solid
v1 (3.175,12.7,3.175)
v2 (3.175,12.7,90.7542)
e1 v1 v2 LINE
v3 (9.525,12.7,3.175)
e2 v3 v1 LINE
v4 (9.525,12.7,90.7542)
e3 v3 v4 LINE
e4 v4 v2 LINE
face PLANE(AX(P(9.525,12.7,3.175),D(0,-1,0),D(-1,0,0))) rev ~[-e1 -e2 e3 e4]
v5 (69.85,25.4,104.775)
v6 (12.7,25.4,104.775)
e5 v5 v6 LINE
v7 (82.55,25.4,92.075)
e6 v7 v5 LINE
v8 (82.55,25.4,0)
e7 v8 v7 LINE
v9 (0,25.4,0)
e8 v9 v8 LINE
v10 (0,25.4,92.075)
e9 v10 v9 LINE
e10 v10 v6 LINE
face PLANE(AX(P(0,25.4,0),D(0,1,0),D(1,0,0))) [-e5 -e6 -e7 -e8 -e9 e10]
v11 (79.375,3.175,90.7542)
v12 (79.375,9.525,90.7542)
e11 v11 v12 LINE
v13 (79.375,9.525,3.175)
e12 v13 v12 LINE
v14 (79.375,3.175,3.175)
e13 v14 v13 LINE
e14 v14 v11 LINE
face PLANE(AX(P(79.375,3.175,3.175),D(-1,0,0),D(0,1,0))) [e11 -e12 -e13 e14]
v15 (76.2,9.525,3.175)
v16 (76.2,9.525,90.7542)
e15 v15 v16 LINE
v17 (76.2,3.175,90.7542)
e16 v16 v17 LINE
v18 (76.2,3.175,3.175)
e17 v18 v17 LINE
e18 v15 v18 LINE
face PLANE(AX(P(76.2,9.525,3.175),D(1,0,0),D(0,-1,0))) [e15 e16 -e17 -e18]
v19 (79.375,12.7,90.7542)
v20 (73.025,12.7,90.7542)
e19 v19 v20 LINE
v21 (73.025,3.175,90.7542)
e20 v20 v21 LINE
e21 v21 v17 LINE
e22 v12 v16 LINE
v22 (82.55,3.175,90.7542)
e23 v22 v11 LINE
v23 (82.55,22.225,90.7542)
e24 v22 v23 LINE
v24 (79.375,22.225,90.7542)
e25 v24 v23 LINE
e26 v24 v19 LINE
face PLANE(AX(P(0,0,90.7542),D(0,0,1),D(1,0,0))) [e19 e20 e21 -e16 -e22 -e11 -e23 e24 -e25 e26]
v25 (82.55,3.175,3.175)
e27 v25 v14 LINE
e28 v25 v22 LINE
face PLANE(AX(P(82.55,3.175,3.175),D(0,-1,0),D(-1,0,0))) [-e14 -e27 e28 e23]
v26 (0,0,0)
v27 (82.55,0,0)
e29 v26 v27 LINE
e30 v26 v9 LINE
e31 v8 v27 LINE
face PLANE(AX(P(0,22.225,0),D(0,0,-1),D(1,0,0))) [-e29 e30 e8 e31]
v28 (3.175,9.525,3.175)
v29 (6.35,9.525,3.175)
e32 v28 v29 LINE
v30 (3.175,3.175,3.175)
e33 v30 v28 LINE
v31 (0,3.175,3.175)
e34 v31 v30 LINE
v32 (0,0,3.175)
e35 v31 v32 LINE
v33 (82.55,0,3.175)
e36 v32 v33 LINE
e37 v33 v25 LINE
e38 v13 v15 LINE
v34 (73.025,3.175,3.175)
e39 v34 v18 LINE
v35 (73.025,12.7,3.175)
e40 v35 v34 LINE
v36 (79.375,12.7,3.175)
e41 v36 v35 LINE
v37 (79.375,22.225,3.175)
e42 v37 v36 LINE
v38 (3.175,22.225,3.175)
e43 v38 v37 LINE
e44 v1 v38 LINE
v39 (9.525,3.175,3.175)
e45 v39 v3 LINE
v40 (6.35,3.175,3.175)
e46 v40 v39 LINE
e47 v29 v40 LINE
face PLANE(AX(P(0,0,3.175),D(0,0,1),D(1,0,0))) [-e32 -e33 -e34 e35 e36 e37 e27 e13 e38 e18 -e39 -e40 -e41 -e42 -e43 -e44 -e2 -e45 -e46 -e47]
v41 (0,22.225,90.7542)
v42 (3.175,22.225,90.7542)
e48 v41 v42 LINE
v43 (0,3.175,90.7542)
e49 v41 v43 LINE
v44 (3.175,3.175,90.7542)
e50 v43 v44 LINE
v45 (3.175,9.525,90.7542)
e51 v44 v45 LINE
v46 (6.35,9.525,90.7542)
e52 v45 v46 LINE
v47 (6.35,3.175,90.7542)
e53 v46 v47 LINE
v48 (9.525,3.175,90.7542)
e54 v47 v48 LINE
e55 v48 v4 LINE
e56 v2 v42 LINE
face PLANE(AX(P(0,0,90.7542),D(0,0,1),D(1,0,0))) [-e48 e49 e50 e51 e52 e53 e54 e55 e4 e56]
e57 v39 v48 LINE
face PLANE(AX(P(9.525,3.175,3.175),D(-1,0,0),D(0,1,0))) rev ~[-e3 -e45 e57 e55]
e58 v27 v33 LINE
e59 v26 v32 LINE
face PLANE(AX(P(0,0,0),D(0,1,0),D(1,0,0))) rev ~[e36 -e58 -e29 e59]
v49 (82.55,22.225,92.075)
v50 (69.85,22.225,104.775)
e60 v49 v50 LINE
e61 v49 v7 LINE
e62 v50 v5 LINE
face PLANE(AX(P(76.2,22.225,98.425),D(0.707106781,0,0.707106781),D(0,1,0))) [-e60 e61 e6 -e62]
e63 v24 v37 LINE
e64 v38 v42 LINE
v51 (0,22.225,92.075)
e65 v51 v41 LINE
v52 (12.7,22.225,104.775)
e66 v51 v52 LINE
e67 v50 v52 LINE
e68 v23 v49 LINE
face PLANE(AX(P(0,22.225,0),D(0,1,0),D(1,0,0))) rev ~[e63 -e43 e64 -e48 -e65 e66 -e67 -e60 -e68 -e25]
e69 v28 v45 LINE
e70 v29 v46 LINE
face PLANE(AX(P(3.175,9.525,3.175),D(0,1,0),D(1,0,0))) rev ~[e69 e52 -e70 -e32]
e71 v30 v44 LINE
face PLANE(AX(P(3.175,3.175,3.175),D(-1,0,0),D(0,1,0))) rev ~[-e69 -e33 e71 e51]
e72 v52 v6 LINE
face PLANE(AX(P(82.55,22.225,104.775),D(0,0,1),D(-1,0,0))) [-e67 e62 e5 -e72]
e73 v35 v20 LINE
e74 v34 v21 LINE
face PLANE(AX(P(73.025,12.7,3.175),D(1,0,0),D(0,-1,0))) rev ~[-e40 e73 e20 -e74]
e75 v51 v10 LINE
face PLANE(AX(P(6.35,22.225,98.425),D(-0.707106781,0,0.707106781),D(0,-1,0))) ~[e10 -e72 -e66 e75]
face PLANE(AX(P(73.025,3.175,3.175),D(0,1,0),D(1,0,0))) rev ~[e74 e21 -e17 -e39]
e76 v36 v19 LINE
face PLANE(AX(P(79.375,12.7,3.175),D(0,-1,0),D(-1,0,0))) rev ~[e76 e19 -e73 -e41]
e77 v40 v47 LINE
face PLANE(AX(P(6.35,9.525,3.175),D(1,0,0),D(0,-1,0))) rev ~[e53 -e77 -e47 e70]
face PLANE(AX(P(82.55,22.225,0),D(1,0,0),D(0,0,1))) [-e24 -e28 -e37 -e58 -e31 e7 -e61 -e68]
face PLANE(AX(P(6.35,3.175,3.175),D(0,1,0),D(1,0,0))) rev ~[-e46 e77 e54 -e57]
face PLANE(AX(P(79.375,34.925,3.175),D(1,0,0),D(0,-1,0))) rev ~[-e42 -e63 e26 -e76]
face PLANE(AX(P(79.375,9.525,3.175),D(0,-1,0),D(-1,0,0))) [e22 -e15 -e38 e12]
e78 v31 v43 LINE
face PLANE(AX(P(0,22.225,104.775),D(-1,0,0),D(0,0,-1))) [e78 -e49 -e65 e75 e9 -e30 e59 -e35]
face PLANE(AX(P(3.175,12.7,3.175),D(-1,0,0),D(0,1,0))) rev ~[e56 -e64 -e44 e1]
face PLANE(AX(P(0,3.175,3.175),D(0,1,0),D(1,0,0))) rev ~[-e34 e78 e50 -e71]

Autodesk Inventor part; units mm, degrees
ref_plane "YZ Plane" through (0, 0, 0) normal (1, 0, 0) x (0, 1, 0)
ref_plane "XZ Plane" through (0, 0, 0) normal (0, 1, 0) x (-1, 0, 0)
ref_plane "XY Plane" through (0, 0, 0) normal (0, 0, 1) x (1, 0, 0)
sketch "Sketch5" plane through (0, 0, 0) normal (0, 0, 1) x (1, 0, 0)
  line L0 (0, 0) -> (82.55, 0)
  line L1 (82.55, 0) -> (82.55, 38.1)
  line L2 (82.55, 38.1) -> (0, 38.1)
  line L3 (0, 38.1) -> (0, 0)
  dimension "d41" = 82.55
  dimension "d42" = 38.1
extrude "Extrusion5" add sketch "Sketch5" along normal blind 3.175
sketch "Sketch6" plane through (0, 0, 3.175) normal (0, 0, 1) x (1, 0, 0)
  line L0 (0, 0) -> (82.55, 0) projected
  line L1 (82.55, 0) -> (82.55, 38.1) projected
  line L2 (82.55, 38.1) -> (0, 38.1) projected
  line L3 (0, 38.1) -> (0, 0) projected
  line L4 (0, 38.1) -> (0, 0) projected
  line L5 (79.375, 3.175) -> (79.375, 9.525)
  line L6 (79.375, 9.525) -> (76.2, 9.525)
  line L7 (76.2, 9.525) -> (76.2, 3.175)
  line L8 (3.175, 3.175) -> (3.175, 9.525)
  line L9 (3.175, 9.525) -> (6.35, 9.525)
  line L10 (6.35, 9.525) -> (6.35, 3.175)
  line L11 (6.35, 3.175) -> (9.525, 3.175)
  line L12 (9.525, 3.175) -> (9.525, 12.7)
  line L13 (9.525, 12.7) -> (3.175, 12.7)
  line L14 (3.175, 12.7) -> (3.175, 34.925)
  line L15 (3.175, 34.925) -> (79.375, 34.925)
  line L16 (79.375, 34.925) -> (79.375, 12.7)
  line L17 (79.375, 12.7) -> (73.025, 12.7)
  line L18 (73.025, 12.7) -> (73.025, 3.175)
  line L19 (6.35, 3.175) -> (9.525, 3.175)
  line L20 (73.025, 3.175) -> (76.2, 3.175)
  line L21 (0, 38.1) -> (82.55, 38.1)
  line L22 (82.55, 38.1) -> (82.55, 0)
  line L23 (0, 0) -> (0, 38.1)
  line L24 (82.55, 0) -> (82.55, 3.175)
  line L25 (82.55, 0) -> (82.55, 38.1) projected
  line L26 (82.55, 3.175) -> (79.375, 3.175)
  line L27 (0, 0) -> (0, 3.175)
  line L28 (0, 3.175) -> (3.175, 3.175)
  point P0 (3.175, 0)
  dimension "d47" = 6.35
  dimension "d48" = 3.175
  dimension "d51" = 3.175
  dimension "d52" = 3.175
  dimension "d53" = 9.525
  dimension "d54" = 6.35
  dimension "d55" = 22.225
  dimension "d56" = 6.35
  dimension "d61" = 3.175
  dimension "d62" = 3.175
extrude "Extrusion7" add sketch "Sketch6" along normal blind 87.5792 contours L3 L2 L1 L26 L5 L6 L7 L20 L18 L17 L16 L15 L14 L13 L12 L11 L10 L9 L8 L28
sketch "Sketch7" plane through (0, 0, 0) normal (0, 0, -1) x (-1, 0, 0)
  line L0 (0, 0) -> (0, 22.225)
  line L1 (0, 38.1) -> (0, 0) projected
  line L2 (0, 22.225) -> (-82.55, 22.225)
  line L3 (-82.55, 0) -> (-82.55, 38.1) projected
  line L4 (-82.55, 22.225) -> (0, 22.225)
  line L5 (0, 22.225) -> (0, 38.1)
  line L6 (0, 38.1) -> (-82.55, 38.1)
  line L7 (-82.55, 38.1) -> (-82.55, 22.225)
  dimension "d63" = 22.225
extrude "Extrusion8" cut sketch "Sketch7" against normal up to next
sketch "Sketch8" plane through (0, 22.225, 0) normal (0, 1, 0) x (1, 0, 0)
  line L0 (0, 0) -> (82.55, 0) projected
  line L1 (0, 0) -> (82.55, 0)
  line L2 (82.55, -104.775) -> (0, -104.775)
  line L3 (0, -104.775) -> (0, 0)
  line L4 (82.55, 0) -> (82.55, -104.775)
  dimension "d66" = 104.775
extrude "Extrusion9" add sketch "Sketch8" along normal blind 3.175
chamfer "Chamfer2" distance 12.7 angle 45 2 edges at (82.55, 23.8125, 104.775) (0, 23.8125, 104.775)
properties part number "top-slider"
